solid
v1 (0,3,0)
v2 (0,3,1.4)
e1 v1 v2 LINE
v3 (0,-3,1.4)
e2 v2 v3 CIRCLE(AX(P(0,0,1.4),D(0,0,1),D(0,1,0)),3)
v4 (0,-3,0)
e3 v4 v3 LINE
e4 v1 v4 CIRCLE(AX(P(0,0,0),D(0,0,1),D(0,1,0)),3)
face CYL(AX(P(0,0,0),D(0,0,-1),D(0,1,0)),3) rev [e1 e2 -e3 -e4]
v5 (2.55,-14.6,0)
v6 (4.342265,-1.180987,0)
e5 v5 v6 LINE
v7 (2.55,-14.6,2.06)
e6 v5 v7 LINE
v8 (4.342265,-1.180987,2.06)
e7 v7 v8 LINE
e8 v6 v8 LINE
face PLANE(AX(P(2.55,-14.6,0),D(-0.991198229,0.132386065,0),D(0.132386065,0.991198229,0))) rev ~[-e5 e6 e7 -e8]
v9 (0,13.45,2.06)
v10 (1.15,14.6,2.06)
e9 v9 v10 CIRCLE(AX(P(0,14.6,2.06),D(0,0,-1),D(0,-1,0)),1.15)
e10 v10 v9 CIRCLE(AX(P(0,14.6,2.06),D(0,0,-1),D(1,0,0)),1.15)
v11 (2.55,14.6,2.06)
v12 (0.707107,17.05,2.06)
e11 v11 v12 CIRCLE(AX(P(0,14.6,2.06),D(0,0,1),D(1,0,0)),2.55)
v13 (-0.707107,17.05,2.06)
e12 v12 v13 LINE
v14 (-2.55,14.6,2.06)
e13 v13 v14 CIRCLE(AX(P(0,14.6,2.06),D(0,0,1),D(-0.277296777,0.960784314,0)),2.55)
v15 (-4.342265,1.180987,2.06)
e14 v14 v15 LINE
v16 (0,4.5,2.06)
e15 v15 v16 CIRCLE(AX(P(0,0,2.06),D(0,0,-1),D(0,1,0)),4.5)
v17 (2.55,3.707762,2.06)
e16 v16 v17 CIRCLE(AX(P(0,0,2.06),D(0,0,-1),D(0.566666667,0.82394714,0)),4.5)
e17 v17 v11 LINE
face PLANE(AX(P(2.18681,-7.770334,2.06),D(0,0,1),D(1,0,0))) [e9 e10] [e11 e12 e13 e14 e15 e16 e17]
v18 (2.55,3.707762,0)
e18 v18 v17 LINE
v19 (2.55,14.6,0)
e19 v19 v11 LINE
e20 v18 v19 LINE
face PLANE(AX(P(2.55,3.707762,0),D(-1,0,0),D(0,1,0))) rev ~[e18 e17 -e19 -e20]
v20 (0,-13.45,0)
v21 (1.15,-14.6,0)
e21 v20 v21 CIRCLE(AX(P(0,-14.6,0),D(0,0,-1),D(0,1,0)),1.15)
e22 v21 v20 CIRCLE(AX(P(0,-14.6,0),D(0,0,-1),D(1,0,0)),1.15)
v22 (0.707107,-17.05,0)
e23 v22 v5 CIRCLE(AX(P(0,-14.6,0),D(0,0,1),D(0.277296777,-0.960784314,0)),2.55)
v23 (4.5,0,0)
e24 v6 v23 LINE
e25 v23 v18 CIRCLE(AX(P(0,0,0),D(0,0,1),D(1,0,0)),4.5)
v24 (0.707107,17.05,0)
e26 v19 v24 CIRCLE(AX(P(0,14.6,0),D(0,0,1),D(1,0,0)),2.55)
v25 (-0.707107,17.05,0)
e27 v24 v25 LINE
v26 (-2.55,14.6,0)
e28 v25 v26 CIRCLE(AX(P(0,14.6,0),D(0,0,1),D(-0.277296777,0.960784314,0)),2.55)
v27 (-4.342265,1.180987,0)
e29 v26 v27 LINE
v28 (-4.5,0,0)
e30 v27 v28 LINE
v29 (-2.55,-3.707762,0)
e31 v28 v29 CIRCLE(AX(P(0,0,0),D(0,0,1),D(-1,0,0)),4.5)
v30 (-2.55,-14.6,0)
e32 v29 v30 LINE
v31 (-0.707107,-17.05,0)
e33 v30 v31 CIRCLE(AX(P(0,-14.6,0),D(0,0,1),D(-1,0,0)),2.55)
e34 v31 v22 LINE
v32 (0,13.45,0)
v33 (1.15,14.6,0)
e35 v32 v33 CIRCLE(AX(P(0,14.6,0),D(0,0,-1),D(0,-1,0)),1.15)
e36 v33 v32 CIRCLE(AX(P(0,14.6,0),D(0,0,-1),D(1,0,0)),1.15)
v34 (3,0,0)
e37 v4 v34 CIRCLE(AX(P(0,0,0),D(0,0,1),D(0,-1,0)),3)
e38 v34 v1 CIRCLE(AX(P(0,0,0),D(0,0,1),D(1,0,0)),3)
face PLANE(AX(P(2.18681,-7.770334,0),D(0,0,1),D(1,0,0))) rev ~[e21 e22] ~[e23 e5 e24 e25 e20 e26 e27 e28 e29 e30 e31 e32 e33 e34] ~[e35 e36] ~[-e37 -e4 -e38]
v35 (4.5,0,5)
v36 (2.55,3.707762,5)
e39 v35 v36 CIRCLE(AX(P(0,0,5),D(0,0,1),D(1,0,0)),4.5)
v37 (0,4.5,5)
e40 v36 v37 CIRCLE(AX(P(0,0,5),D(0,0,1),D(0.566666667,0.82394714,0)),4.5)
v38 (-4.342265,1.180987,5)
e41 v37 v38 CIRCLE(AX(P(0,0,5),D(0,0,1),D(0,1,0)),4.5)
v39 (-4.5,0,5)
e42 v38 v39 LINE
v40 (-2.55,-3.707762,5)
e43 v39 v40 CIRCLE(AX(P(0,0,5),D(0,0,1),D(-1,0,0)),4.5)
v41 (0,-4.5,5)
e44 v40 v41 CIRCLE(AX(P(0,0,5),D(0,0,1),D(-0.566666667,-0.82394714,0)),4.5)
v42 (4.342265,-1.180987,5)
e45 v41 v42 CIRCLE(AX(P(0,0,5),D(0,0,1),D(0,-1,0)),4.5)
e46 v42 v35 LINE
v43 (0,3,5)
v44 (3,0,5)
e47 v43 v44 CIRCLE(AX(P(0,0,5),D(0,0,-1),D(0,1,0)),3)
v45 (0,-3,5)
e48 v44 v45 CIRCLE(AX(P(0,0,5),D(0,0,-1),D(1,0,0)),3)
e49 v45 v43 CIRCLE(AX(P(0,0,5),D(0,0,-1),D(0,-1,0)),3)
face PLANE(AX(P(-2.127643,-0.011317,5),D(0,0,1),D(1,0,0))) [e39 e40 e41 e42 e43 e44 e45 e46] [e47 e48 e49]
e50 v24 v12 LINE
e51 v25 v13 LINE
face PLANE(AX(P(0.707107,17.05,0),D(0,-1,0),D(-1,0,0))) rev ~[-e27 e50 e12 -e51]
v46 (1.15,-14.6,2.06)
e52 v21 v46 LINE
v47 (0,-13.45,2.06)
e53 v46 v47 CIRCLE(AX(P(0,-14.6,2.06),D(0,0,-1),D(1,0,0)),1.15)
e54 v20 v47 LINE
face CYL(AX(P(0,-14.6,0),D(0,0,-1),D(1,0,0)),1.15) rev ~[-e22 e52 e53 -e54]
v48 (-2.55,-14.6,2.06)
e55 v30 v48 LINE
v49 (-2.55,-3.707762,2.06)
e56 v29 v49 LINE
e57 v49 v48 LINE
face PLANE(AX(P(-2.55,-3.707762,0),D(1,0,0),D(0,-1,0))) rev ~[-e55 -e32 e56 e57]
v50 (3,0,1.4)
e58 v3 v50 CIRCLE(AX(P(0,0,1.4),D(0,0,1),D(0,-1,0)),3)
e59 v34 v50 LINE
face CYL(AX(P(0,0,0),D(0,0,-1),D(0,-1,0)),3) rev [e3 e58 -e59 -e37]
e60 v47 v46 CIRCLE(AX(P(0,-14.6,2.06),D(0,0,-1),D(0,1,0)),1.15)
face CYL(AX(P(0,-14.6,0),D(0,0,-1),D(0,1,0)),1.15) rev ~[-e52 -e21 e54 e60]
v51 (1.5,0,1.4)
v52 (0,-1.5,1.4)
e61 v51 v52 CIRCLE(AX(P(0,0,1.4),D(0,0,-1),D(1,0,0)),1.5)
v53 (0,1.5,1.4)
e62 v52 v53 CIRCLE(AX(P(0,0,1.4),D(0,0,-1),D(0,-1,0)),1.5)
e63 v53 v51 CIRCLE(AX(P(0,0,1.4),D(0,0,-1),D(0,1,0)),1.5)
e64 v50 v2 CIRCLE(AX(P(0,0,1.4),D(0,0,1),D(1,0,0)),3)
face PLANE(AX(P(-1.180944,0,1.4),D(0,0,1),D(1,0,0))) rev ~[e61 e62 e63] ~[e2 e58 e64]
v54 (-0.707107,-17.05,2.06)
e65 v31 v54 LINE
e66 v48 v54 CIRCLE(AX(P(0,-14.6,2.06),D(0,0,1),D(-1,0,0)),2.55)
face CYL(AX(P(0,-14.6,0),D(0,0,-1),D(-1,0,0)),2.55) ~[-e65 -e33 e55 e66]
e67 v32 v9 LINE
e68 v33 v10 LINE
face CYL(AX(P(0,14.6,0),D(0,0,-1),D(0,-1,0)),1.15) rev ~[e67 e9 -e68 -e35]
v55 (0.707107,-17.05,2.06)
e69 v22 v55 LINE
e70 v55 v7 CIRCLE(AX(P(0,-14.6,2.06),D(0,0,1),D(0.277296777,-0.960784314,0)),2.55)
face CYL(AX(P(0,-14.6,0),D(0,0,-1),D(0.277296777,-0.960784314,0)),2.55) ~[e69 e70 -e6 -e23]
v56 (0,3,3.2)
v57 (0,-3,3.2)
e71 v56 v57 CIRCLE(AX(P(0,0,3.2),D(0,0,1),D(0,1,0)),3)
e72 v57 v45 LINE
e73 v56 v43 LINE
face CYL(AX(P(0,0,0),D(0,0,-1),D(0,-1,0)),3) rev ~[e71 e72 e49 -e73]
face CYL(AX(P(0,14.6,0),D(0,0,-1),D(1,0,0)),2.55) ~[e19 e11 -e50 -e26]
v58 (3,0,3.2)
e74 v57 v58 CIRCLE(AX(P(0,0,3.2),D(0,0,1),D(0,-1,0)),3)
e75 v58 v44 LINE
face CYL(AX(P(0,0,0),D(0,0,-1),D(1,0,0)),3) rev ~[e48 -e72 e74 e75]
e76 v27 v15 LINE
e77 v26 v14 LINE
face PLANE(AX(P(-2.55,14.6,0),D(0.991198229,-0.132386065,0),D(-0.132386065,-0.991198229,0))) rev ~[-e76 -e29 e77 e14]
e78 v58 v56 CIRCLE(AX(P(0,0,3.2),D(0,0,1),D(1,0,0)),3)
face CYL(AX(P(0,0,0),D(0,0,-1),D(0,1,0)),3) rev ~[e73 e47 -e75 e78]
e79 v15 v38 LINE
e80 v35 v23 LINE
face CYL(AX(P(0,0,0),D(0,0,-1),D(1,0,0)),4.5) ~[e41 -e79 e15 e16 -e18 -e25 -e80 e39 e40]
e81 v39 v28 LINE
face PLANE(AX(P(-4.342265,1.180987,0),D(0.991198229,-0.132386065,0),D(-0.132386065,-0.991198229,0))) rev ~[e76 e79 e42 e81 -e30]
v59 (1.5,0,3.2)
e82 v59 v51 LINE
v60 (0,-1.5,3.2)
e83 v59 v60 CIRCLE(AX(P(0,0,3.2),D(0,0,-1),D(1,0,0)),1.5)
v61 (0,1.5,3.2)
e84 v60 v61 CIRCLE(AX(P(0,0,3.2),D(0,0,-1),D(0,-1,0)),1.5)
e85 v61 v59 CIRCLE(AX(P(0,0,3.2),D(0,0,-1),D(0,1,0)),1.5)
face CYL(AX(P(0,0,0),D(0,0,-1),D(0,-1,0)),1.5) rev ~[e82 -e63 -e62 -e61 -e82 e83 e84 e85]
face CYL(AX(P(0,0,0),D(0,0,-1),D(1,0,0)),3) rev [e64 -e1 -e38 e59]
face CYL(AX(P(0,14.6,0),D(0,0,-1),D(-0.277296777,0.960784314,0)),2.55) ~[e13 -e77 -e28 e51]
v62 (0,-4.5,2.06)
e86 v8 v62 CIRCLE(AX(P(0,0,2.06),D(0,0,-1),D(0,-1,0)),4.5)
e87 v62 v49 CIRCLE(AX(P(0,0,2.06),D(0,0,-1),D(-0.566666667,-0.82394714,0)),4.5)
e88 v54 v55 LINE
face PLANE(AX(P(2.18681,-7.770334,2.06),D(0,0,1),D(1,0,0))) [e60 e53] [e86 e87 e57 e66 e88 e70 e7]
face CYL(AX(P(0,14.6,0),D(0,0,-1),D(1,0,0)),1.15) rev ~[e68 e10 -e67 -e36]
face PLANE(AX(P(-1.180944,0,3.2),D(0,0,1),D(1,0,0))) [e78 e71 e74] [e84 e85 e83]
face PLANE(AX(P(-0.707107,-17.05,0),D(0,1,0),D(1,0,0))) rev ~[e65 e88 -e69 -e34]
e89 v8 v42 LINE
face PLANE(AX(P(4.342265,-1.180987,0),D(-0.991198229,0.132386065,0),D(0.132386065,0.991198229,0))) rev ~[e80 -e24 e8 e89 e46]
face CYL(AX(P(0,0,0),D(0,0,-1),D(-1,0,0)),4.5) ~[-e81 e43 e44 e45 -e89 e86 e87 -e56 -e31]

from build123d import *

# Parameters (mm, degrees)
F1_DEPTH = 2.06
F2_DEPTH = 3.2
F3_DEPTH = 5
F4_DEPTH = 1.4


with BuildPart() as f1:
    # F0 (on Top) → F1 (new body)
    with BuildSketch(Plane.XY):
        with BuildLine():
            ThreePointArc((0, -12.05), (1.803122292, -12.796877708), (2.55, -14.6))
            Line((2.55, -14.6), (4.3422653684, -1.1809874978))
            ThreePointArc((4.3422653684, -1.1809874978), (2.7327235736, -3.5752233315), (0, -4.5))
            Line((0, -4.5), (0, -12.05))
        make_face()
        with BuildLine():
            Line((-0.7071067812, -17.05), (0.7071067812, -17.05))
            ThreePointArc((0.7071067812, -17.05), (2.0378447306, -16.1328694837), (2.55, -14.6))
            ThreePointArc((2.55, -14.6), (1.803122292, -12.796877708), (0, -12.05))
            ThreePointArc((0, -12.05), (-1.803122292, -12.796877708), (-2.55, -14.6))
            ThreePointArc((-2.55, -14.6), (-2.0378447306, -16.1328694837), (-0.7071067812, -17.05))
        make_face()
        with BuildLine():
            ThreePointArc((1.15, -14.6), (-0.8131727984, -15.4131727984), (0, -13.45))
            ThreePointArc((0, -13.45), (0.8131727984, -13.7868272016), (1.15, -14.6))
        make_face(mode=Mode.SUBTRACT)
        with BuildLine():
            Line((-2.55, -3.7077621283), (-2.55, -14.6))
            ThreePointArc((-2.55, -14.6), (-1.803122292, -12.796877708), (0, -12.05))
            Line((0, -12.05), (0, -4.5))
            ThreePointArc((0, -4.5), (-1.335116179, -4.2973788277), (-2.55, -3.7077621283))
        make_face()
        with BuildLine():
            Line((0, 3), (0, 4.5))
            ThreePointArc((0, 4.5), (-2.7327235736, 3.5752233315), (-4.3422653684, 1.1809874978))
            Line((-4.3422653684, 1.1809874978), (-4.5, 0))
            ThreePointArc((-4.5, 0), (-3.9827754142, -2.0946360066), (-2.55, -3.7077621283))
            ThreePointArc((-2.55, -3.7077621283), (-1.335116179, -4.2973788277), (0, -4.5))
            Line((0, -4.5), (0, -3))
            ThreePointArc((0, -3), (-3, 0), (0, 3))
        make_face()
        with BuildLine():
            Line((0, 1.5), (0, 3))
            ThreePointArc((0, 3), (-3, 0), (0, -3))
            Line((0, -3), (0, -1.5))
            ThreePointArc((0, -1.5), (-1.5, 0), (0, 1.5))
        make_face()
        with BuildLine():
            ThreePointArc((-4.3422653684, 1.1809874978), (-2.7327235736, 3.5752233315), (0, 4.5))
            Line((0, 4.5), (0, 12.05))
            ThreePointArc((0, 12.05), (-1.803122292, 12.796877708), (-2.55, 14.6))
            Line((-2.55, 14.6), (-4.3422653684, 1.1809874978))
        make_face()
        with BuildLine():
            ThreePointArc((0, 4.5), (1.335116179, 4.2973788277), (2.55, 3.7077621283))
            Line((2.55, 3.7077621283), (2.55, 14.6))
            ThreePointArc((2.55, 14.6), (1.803122292, 12.796877708), (0, 12.05))
            Line((0, 12.05), (0, 4.5))
        make_face()
        with BuildLine():
            ThreePointArc((2.55, 14.6), (2.0378447306, 16.1328694837), (0.7071067812, 17.05))
            Line((0.7071067812, 17.05), (-0.7071067812, 17.05))
            ThreePointArc((-0.7071067812, 17.05), (-2.0378447306, 16.1328694837), (-2.55, 14.6))
            ThreePointArc((-2.55, 14.6), (-1.803122292, 12.796877708), (0, 12.05))
            ThreePointArc((0, 12.05), (1.803122292, 12.796877708), (2.55, 14.6))
        make_face()
        with BuildLine():
            ThreePointArc((1.15, 14.6), (0.8131727984, 13.7868272016), (0, 13.45))
            ThreePointArc((0, 13.45), (-0.8131727984, 15.4131727984), (1.15, 14.6))
        make_face(mode=Mode.SUBTRACT)
        with BuildLine():
            Line((4.3422653684, -1.1809874978), (4.5, 0))
            ThreePointArc((4.5, 0), (3.9827754142, 2.0946360066), (2.55, 3.7077621283))
            ThreePointArc((2.55, 3.7077621283), (1.335116179, 4.2973788277), (0, 4.5))
            Line((0, 4.5), (0, 3))
            ThreePointArc((0, 3), (2.1213203436, 2.1213203436), (3, 0))
            ThreePointArc((3, 0), (2.1213203436, -2.1213203436), (0, -3))
            Line((0, -3), (0, -4.5))
            ThreePointArc((0, -4.5), (2.7327235736, -3.5752233315), (4.3422653684, -1.1809874978))
        make_face()
        with BuildLine():
            ThreePointArc((3, 0), (2.1213203436, 2.1213203436), (0, 3))
            Line((0, 3), (0, 1.5))
            ThreePointArc((0, 1.5), (1.0606601718, 1.0606601718), (1.5, 0))
            ThreePointArc((1.5, 0), (1.0606601718, -1.0606601718), (0, -1.5))
            Line((0, -1.5), (0, -3))
            ThreePointArc((0, -3), (2.1213203436, -2.1213203436), (3, 0))
        make_face()
    extrude(amount=F1_DEPTH)

    # F0 (on Top) → F2 (join)
    with BuildSketch(Plane.XY):
        with BuildLine():
            Line((0, 1.5), (0, 3))
            ThreePointArc((0, 3), (-3, 0), (0, -3))
            Line((0, -3), (0, -1.5))
            ThreePointArc((0, -1.5), (-1.5, 0), (0, 1.5))
        make_face()
        with BuildLine():
            ThreePointArc((3, 0), (2.1213203436, 2.1213203436), (0, 3))
            Line((0, 3), (0, 1.5))
            ThreePointArc((0, 1.5), (1.0606601718, 1.0606601718), (1.5, 0))
            ThreePointArc((1.5, 0), (1.0606601718, -1.0606601718), (0, -1.5))
            Line((0, -1.5), (0, -3))
            ThreePointArc((0, -3), (2.1213203436, -2.1213203436), (3, 0))
        make_face()
    extrude(amount=F2_DEPTH)

    # F0 (on Top) → F3 (join)
    with BuildSketch(Plane.XY):
        with BuildLine():
            Line((0, 3), (0, 4.5))
            ThreePointArc((0, 4.5), (-2.7327235736, 3.5752233315), (-4.3422653684, 1.1809874978))
            Line((-4.3422653684, 1.1809874978), (-4.5, 0))
            ThreePointArc((-4.5, 0), (-3.9827754142, -2.0946360066), (-2.55, -3.7077621283))
            ThreePointArc((-2.55, -3.7077621283), (-1.335116179, -4.2973788277), (0, -4.5))
            Line((0, -4.5), (0, -3))
            ThreePointArc((0, -3), (-3, 0), (0, 3))
        make_face()
        with BuildLine():
            Line((4.3422653684, -1.1809874978), (4.5, 0))
            ThreePointArc((4.5, 0), (3.9827754142, 2.0946360066), (2.55, 3.7077621283))
            ThreePointArc((2.55, 3.7077621283), (1.335116179, 4.2973788277), (0, 4.5))
            Line((0, 4.5), (0, 3))
            ThreePointArc((0, 3), (2.1213203436, 2.1213203436), (3, 0))
            ThreePointArc((3, 0), (2.1213203436, -2.1213203436), (0, -3))
            Line((0, -3), (0, -4.5))
            ThreePointArc((0, -4.5), (2.7327235736, -3.5752233315), (4.3422653684, -1.1809874978))
        make_face()
    extrude(amount=F3_DEPTH)

    # F0 (on Top) → F4 (cut)
    with BuildSketch(Plane.XY):
        with BuildLine():
            Line((0, 1.5), (0, 3))
            ThreePointArc((0, 3), (-3, 0), (0, -3))
            Line((0, -3), (0, -1.5))
            ThreePointArc((0, -1.5), (-1.5, 0), (0, 1.5))
        make_face()
        with BuildLine():
            ThreePointArc((3, 0), (2.1213203436, 2.1213203436), (0, 3))
            Line((0, 3), (0, 1.5))
            ThreePointArc((0, 1.5), (1.0606601718, 1.0606601718), (1.5, 0))
            ThreePointArc((1.5, 0), (1.0606601718, -1.0606601718), (0, -1.5))
            Line((0, -1.5), (0, -3))
            ThreePointArc((0, -3), (2.1213203436, -2.1213203436), (3, 0))
        make_face()
    extrude(amount=F4_DEPTH, mode=Mode.SUBTRACT)


solid = f1.part
